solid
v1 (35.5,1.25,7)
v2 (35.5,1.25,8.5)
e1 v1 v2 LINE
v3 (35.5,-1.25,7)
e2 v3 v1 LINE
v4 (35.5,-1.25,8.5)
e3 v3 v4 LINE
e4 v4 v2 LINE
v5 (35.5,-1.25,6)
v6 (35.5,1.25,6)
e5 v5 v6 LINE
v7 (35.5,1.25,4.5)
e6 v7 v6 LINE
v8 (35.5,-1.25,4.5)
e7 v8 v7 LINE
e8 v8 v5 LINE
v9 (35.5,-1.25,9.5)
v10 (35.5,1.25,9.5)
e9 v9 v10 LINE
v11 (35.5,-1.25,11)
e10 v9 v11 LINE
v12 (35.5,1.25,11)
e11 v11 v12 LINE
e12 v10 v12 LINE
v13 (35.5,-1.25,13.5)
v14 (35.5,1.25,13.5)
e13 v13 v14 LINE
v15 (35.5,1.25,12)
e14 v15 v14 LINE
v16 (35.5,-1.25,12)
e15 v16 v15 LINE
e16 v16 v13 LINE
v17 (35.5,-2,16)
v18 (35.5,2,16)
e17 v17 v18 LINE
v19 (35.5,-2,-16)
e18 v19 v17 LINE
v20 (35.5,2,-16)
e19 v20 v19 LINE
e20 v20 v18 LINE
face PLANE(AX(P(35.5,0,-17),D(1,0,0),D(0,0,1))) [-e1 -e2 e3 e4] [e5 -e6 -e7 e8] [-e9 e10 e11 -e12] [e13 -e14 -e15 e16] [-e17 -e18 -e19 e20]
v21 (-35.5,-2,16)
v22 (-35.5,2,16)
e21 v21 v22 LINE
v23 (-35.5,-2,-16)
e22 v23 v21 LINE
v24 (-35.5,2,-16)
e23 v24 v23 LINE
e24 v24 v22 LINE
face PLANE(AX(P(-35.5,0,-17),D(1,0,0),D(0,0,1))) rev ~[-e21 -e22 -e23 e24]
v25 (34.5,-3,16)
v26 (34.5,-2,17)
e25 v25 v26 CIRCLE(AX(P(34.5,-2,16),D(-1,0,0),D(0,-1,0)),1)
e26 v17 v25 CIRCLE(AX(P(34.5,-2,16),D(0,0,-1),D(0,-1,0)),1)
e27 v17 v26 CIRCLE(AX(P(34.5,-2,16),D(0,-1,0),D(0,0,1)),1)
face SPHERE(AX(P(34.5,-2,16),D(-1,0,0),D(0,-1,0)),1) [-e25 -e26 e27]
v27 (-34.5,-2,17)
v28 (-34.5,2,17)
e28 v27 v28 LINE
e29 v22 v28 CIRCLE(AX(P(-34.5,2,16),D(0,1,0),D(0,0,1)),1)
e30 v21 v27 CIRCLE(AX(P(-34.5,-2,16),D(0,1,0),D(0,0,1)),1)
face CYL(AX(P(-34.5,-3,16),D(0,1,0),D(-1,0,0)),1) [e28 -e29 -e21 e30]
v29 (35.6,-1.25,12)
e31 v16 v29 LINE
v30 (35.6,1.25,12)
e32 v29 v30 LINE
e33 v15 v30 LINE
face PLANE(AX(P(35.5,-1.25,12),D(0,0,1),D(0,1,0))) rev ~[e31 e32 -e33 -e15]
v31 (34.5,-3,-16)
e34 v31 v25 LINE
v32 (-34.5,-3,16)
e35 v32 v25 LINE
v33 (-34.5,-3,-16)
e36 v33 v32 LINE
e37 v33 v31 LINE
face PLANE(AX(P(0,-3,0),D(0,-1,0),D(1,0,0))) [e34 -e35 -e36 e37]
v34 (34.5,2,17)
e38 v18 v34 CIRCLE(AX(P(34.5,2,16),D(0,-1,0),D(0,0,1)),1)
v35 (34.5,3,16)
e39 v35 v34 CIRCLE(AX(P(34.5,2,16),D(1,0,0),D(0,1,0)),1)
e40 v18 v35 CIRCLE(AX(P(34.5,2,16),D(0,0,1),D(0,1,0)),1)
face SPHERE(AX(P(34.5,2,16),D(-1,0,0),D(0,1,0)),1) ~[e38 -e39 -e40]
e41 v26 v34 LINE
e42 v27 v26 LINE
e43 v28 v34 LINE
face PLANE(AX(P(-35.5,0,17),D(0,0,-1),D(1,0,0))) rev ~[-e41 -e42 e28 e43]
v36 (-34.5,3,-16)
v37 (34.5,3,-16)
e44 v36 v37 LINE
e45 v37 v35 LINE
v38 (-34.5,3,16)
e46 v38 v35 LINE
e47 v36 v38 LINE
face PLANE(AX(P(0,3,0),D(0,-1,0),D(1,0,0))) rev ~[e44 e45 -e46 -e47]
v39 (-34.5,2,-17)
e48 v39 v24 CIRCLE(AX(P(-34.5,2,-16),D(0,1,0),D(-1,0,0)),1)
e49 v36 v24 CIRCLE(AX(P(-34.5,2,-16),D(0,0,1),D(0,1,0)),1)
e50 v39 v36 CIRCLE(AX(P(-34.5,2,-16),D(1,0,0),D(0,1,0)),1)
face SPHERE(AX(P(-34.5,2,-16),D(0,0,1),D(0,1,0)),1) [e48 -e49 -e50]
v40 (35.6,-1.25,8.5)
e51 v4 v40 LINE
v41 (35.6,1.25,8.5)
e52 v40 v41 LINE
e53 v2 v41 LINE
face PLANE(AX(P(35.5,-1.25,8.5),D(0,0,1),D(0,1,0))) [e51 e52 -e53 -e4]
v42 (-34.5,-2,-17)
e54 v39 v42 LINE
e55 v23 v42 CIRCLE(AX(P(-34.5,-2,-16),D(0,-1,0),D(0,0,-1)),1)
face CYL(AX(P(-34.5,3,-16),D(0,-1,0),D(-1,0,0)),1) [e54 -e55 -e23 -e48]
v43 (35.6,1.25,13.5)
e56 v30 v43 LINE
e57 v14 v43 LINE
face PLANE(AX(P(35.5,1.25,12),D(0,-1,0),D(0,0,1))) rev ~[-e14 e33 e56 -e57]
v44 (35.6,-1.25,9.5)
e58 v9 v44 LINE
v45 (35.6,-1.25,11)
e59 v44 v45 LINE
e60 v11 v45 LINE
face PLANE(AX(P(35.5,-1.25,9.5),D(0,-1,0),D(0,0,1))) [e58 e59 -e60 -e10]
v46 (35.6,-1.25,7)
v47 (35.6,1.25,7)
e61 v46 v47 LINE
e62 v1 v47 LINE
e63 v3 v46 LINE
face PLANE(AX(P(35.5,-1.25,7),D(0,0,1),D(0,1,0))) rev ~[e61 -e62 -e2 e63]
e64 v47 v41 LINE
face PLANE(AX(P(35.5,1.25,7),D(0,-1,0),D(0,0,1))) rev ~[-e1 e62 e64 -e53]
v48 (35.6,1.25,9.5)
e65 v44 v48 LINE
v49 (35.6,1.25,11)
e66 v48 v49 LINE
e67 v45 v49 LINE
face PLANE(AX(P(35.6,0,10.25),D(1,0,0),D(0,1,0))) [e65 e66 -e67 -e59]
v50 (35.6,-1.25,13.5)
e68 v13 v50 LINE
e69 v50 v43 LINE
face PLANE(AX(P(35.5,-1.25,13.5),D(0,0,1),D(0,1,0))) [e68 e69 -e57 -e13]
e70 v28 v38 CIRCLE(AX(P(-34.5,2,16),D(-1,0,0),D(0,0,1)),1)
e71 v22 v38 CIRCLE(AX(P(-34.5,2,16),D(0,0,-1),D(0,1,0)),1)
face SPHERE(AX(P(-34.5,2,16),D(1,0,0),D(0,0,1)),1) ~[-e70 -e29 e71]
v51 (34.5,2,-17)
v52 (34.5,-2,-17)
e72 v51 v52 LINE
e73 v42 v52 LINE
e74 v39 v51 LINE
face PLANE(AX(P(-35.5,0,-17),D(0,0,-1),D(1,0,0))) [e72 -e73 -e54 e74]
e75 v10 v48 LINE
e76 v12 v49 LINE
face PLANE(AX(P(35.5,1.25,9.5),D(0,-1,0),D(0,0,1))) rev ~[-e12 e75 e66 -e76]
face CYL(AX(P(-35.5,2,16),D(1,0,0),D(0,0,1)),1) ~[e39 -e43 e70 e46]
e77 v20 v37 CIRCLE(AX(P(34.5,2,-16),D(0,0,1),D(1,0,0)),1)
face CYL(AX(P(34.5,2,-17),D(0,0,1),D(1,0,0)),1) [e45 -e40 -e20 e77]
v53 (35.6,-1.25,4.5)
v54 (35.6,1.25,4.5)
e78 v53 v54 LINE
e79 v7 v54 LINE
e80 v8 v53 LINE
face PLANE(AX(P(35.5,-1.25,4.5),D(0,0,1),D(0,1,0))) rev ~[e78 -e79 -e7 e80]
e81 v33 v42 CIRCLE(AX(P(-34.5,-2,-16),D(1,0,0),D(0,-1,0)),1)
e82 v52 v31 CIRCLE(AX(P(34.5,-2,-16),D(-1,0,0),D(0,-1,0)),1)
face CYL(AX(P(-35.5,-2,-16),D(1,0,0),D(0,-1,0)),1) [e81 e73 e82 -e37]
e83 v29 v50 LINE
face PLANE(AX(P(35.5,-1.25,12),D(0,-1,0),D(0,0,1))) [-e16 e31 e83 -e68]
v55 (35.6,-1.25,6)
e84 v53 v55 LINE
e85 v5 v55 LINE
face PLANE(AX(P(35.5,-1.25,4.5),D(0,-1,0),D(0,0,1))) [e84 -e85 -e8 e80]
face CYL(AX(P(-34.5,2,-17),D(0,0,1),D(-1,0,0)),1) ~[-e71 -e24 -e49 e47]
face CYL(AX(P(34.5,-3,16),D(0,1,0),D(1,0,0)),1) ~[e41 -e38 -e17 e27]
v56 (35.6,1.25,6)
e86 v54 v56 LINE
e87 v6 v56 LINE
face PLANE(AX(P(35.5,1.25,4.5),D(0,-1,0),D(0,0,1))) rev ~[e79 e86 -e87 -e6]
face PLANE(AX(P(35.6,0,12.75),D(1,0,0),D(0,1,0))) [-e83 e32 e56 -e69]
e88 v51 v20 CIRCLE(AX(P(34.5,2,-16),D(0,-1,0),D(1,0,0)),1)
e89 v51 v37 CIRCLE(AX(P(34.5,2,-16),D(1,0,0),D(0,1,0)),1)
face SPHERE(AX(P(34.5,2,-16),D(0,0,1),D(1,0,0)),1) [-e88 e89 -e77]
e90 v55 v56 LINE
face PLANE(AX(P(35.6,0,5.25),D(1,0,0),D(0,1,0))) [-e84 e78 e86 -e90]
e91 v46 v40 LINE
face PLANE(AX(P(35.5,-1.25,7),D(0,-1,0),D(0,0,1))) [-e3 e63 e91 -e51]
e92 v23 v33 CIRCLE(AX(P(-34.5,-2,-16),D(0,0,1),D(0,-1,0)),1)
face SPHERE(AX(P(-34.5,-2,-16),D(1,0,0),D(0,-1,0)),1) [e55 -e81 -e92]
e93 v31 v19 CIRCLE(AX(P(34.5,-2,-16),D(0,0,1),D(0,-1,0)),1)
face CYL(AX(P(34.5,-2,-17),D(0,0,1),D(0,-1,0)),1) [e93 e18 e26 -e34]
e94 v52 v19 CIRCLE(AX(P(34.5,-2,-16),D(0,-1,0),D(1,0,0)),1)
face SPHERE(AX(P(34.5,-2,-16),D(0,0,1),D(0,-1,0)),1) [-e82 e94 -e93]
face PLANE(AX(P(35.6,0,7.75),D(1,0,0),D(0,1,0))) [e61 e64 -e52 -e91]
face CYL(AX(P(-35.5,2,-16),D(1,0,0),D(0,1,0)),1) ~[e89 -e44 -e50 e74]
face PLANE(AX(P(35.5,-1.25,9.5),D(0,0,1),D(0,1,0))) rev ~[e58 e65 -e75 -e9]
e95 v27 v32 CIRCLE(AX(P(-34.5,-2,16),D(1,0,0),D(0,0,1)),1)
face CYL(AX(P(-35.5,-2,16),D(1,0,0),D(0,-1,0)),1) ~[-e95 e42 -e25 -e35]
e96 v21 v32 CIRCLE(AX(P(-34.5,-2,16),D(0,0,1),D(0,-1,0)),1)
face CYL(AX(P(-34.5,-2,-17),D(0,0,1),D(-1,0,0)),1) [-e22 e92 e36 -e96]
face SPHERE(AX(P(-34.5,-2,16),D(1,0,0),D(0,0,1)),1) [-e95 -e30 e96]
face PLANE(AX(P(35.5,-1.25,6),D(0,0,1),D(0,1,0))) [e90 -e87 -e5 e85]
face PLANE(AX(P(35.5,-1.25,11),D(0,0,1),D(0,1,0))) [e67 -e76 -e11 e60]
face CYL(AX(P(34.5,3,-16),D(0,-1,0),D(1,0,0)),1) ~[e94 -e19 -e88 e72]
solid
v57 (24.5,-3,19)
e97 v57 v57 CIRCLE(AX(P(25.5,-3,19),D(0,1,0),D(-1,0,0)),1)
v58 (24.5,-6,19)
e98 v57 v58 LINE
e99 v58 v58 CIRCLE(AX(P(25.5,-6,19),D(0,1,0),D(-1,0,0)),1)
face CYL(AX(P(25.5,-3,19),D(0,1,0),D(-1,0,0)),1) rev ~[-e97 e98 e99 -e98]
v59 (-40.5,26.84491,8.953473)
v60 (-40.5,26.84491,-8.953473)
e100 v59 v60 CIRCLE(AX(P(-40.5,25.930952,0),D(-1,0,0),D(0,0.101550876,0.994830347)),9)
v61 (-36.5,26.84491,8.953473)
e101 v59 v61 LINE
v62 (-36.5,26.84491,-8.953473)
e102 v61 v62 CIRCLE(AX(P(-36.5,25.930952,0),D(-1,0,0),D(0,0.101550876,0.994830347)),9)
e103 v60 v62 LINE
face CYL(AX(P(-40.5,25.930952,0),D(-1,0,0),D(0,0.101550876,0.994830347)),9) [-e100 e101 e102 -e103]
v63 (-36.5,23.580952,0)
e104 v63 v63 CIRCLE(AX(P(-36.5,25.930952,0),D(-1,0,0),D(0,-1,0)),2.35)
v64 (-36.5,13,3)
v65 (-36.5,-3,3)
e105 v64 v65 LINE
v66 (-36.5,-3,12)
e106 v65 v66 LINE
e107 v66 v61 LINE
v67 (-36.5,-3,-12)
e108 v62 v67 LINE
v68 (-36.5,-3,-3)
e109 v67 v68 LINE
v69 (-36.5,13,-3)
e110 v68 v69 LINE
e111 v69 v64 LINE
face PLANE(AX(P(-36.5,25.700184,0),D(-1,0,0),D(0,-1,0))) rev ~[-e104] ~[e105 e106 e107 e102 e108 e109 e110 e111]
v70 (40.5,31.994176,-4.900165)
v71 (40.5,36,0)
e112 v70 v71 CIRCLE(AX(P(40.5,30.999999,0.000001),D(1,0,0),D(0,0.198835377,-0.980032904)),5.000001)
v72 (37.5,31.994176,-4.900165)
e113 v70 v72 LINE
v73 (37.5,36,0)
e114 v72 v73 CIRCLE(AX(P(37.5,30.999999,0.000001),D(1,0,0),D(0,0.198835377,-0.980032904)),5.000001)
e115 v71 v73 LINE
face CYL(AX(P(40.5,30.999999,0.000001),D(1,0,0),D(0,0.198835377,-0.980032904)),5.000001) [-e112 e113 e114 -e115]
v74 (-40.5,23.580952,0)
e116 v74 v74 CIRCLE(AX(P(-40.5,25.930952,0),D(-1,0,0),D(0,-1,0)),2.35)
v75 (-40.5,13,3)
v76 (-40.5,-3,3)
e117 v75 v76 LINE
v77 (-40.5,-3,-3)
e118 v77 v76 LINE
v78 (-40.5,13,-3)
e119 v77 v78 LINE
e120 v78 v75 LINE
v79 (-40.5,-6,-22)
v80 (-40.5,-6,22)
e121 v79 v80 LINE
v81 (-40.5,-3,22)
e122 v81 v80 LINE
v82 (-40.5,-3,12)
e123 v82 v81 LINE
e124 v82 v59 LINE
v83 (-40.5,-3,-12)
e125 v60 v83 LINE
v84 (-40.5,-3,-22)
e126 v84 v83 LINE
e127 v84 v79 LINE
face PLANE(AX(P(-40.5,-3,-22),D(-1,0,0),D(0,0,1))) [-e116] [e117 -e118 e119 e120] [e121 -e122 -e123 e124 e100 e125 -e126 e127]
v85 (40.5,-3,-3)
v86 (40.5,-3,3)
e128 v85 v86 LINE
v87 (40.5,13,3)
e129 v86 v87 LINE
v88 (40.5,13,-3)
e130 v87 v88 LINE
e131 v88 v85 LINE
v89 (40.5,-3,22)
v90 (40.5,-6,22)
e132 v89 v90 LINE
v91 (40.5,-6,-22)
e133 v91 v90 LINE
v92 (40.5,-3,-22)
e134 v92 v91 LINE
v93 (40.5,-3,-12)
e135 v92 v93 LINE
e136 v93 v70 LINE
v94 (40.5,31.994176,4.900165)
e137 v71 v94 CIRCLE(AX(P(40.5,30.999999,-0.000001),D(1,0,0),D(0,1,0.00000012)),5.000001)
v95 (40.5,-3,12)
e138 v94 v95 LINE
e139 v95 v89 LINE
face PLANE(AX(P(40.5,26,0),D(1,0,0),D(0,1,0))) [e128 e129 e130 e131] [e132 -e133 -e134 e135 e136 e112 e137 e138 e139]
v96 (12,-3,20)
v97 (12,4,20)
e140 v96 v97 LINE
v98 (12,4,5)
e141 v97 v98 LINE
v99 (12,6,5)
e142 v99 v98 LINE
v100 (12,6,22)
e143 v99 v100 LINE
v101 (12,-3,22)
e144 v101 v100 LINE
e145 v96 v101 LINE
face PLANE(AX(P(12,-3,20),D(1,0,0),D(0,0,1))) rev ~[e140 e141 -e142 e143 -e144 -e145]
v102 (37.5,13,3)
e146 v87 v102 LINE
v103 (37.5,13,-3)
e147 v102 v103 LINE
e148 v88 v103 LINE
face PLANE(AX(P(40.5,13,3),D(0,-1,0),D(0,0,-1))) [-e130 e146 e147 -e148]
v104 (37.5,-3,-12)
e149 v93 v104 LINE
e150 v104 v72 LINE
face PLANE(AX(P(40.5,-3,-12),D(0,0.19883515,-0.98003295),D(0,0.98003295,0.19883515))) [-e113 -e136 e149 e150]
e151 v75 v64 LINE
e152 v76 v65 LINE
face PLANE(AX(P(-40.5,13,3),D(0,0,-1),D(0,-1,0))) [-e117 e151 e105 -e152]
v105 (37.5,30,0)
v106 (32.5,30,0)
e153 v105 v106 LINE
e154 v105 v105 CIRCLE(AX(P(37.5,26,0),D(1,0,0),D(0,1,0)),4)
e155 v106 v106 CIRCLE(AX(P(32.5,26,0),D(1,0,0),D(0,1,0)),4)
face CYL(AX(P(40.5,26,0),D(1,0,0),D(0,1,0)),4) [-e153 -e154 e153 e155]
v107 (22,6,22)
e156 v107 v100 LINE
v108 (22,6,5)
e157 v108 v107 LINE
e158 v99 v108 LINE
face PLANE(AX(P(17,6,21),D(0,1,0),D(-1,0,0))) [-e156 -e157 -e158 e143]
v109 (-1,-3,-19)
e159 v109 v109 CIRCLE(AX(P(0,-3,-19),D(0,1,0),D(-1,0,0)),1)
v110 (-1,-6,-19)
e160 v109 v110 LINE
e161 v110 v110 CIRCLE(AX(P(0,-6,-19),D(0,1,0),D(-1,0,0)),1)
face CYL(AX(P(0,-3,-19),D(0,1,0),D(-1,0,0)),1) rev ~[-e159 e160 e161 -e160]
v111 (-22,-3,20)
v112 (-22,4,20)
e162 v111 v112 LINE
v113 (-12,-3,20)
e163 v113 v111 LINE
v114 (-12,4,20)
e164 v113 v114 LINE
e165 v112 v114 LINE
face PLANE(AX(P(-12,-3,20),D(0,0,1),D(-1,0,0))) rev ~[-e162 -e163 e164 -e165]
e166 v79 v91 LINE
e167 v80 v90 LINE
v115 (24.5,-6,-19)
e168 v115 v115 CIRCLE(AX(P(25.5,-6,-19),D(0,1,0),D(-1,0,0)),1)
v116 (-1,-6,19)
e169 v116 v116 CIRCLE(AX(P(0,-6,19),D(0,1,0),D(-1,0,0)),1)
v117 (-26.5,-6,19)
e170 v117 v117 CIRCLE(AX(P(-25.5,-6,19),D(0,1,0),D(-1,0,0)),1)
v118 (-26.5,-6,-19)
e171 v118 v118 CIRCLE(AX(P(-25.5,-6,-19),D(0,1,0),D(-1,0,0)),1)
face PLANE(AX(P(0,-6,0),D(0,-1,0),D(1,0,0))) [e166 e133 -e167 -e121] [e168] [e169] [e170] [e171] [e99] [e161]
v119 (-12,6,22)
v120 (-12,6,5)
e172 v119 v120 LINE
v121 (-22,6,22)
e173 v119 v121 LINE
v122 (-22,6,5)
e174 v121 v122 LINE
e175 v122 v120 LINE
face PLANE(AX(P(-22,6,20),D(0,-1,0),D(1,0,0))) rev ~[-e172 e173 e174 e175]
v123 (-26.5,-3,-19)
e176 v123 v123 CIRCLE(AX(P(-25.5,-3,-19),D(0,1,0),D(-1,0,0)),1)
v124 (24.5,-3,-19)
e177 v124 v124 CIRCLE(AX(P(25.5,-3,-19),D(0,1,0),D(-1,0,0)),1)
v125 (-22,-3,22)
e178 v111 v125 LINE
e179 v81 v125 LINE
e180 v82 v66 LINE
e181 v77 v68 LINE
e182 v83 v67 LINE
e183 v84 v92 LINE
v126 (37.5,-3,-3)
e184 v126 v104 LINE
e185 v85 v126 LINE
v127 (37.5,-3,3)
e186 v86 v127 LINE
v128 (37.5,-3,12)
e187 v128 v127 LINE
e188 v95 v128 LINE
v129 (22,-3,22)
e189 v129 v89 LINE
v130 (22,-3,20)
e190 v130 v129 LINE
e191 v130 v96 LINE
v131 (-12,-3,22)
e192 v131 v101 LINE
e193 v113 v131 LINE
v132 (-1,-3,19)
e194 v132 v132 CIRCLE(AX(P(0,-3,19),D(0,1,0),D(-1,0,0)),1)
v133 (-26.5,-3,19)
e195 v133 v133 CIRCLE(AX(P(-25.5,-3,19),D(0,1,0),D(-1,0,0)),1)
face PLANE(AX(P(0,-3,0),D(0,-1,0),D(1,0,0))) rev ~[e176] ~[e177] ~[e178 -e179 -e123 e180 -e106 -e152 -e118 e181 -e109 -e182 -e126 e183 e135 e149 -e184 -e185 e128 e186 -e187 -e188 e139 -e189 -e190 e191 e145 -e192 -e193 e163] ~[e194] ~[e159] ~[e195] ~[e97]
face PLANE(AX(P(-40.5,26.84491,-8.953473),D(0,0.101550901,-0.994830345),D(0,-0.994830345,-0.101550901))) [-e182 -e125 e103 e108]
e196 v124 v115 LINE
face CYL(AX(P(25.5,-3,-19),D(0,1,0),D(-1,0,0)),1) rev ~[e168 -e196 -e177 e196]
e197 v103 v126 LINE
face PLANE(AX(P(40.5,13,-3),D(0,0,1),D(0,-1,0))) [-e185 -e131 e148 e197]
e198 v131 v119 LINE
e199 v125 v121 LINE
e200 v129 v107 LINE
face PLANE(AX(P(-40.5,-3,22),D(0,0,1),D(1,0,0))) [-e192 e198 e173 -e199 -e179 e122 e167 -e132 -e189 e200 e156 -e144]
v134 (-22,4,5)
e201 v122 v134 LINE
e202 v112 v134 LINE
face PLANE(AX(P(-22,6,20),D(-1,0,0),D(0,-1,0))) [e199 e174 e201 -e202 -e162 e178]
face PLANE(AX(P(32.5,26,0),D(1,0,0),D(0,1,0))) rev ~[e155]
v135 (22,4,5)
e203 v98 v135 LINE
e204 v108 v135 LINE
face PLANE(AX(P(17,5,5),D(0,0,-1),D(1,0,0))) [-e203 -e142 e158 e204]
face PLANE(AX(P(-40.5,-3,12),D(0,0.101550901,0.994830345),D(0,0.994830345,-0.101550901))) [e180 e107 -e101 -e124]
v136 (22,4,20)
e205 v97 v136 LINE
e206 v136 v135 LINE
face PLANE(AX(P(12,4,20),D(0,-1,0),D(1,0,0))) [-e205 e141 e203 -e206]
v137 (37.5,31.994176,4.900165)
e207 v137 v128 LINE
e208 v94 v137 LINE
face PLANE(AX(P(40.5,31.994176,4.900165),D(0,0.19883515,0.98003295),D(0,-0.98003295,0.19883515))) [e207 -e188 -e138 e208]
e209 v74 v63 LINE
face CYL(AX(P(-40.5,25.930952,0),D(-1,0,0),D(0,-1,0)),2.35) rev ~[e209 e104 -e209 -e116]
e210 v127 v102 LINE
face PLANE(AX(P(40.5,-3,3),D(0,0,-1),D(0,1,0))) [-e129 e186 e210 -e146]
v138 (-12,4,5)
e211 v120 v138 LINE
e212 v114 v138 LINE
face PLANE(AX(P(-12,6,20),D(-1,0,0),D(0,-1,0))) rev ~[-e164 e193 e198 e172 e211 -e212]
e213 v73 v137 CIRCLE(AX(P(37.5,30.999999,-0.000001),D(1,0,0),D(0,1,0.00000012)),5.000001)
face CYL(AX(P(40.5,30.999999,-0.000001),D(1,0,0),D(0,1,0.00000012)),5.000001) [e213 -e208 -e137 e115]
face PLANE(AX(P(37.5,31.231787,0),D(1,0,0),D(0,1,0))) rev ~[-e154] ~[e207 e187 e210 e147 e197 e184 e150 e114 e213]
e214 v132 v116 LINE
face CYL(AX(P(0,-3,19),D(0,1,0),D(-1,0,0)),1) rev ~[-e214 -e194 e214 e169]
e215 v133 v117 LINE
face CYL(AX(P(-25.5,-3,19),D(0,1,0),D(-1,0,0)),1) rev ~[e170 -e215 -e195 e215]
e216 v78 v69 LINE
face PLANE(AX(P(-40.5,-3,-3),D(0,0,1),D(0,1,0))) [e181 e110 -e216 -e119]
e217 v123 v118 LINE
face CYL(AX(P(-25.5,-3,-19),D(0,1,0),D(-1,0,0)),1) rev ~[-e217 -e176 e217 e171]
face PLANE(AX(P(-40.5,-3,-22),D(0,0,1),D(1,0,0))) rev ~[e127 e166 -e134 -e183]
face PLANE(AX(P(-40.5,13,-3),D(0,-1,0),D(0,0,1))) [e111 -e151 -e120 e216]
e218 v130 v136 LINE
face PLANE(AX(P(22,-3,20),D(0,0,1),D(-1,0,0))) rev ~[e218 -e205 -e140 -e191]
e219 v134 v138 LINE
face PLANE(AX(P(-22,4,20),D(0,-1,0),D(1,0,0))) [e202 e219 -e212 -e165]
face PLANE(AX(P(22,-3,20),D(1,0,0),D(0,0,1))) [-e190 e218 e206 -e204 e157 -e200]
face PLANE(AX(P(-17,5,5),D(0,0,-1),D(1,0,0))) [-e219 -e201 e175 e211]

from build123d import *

# Parameters (mm, degrees)
F0_W      = 71
F0_H      = 34
F1_DEPTH  = 3
F2_R      = 1
F3_W      = 2.5
F3_H      = 1.5
F4_DEPTH  = 0.1
F5_W      = 81
F5_H      = 44
F6_DEPTH  = 3
F7_R      = 2.35
F8_DEPTH  = 4
F10_DEPTH = 3
F11_R     = 4
F12_DEPTH = 8
F13_W     = 10
F13_H     = 2
F14_DEPTH = 9
F15_W     = 10
F15_H     = 2
F16_DEPTH = 15
F17_R     = 1
F18_DEPTH = 25


with BuildPart() as f1:
    # F0 (on Front) → F1 (new body, symmetric)
    with BuildSketch(Plane.XZ):
        Rectangle(F0_W, F0_H)
    extrude(amount=F1_DEPTH, both=True)

    # F2
    f2_edges = [f1.edges().sort_by_distance(p)[0] for p in [
        (0, -3, 17),
        (0, 3, 17),
        (35.5, -3, 0),
        (35.5, 3, 0),
        (0, -3, -17),
        (35.5, 0, -17),
        (-35.5, 0, 17),
        (-35.5, -3, 0),
        (-35.5, 3, 0),
        (0, 3, -17),
        (-35.5, 0, -17),
        (35.5, 0, 17),
    ]]
    fillet(f2_edges, radius=F2_R)

    # F3 (on face) → F4 (join)
    with BuildSketch(Plane.YZ.offset(35.5)):
        with Locations((0, 12.75)):
            Rectangle(F3_W, F3_H)
        with Locations((0, 10.25)):
            Rectangle(F3_W, F3_H)
        with Locations((0, 7.75)):
            Rectangle(F3_W, F3_H)
        with Locations((0, 5.25)):
            Rectangle(F3_W, F3_H)
    extrude(amount=F4_DEPTH)


with BuildPart() as f6:
    # F5 (on face) → F6 (new body)
    with BuildSketch(Plane.XZ.offset(3)):
        Rectangle(F5_W, F5_H)
    extrude(amount=F6_DEPTH)

    # F7 (on face) → F8 (join)
    with BuildSketch(Plane(origin=(-40.5, 0, 0), x_dir=(0, -1, 0), z_dir=(-1, 0, 0))):
        with BuildLine():
            ThreePointArc((-26.84491, -8.953473), (-19.898773, -6.679282), (-16.930952, 0))
            ThreePointArc((-16.930952, 0), (-19.898773, 6.679282), (-26.84491, 8.953473))
            ThreePointArc((-26.84491, 8.953473), (-34.930952, 0), (-26.84491, -8.953473))
        make_face()
        with Locations((-25.930952, 0)):
            Circle(F7_R, mode=Mode.SUBTRACT)
        with BuildLine():
            ThreePointArc((-26.84491, 8.953473), (-19.898773, 6.679282), (-16.930952, 0))
            ThreePointArc((-16.930952, 0), (-19.898773, -6.679282), (-26.84491, -8.953473))
            Line((-26.84491, -8.953473), (3, -12))
            Line((3, -12), (3, -3))
            Line((3, -3), (-13, -3))
            Line((-13, -3), (-13, 3))
            Line((-13, 3), (3, 3))
            Line((3, 3), (3, 12))
            Line((3, 12), (-26.84491, 8.953473))
        make_face()
    extrude(amount=-F8_DEPTH)

    # F9 (on face) → F10 (join)
    with BuildSketch(Plane.YZ.offset(40.5)):
        with BuildLine():
            ThreePointArc((31.994176, -4.900165), (34.871103, -3.164579), (36, 0))
            ThreePointArc((36, 0), (34.871103, 3.164579), (31.994176, 4.900165))
            ThreePointArc((31.994176, 4.900165), (26, 0), (31.994176, -4.900165))
        make_face()
        with BuildLine():
            ThreePointArc((31.994176, -4.900165), (26, 0), (31.994176, 4.900165))
            Line((31.994176, 4.900165), (-3, 12))
            Line((-3, 12), (-3, 3))
            Line((-3, 3), (13, 3))
            Line((13, 3), (13, -3))
            Line((13, -3), (-3, -3))
            Line((-3, -3), (-3, -12))
            Line((-3, -12), (31.994176, -4.900165))
        make_face()
    extrude(amount=-F10_DEPTH)

    # F11 (on face) → F12 (join)
    with BuildSketch(Plane.YZ.offset(40.5)):
        with Locations((26, 0)):
            Circle(F11_R)
    extrude(amount=-F12_DEPTH)

    # F13 (on face) → F14 (join)
    with BuildSketch(Plane(origin=(0, -3, 0), x_dir=(-1, 0, 0), z_dir=(0, 1, 0))):
        with Locations((17, 21)):
            Rectangle(F13_W, F13_H)
        with Locations((-17, 21)):
            Rectangle(F13_W, F13_H)
    extrude(amount=F14_DEPTH)

    # F15 (on face) → F16 (join)
    with BuildSketch(Plane(origin=(0, 0, 20), x_dir=(1, 0, 0), z_dir=(0, 0, -1))):
        with Locations((-17, -5)):
            Rectangle(F15_W, F15_H)
        with Locations((17, -5)):
            Rectangle(F15_W, F15_H)
    extrude(amount=F16_DEPTH)

    # F17 (on face) → F18 (cut)
    with BuildSketch(Plane(origin=(0, -3, 0), x_dir=(-1, 0, 0), z_dir=(0, 1, 0))):
        with Locations((25.5, 19)):
            Circle(F17_R)
        with Locations((25.5, -19)):
            Circle(F17_R)
        with Locations((-25.5, 19)):
            Circle(F17_R)
        with Locations((-25.5, -19)):
            Circle(F17_R)
        with Locations((0, -19)):
            Circle(F17_R)
        with Locations((0, 19)):
            Circle(F17_R)
    extrude(amount=-F18_DEPTH, mode=Mode.SUBTRACT)


solid = Compound([f1.part, f6.part])
